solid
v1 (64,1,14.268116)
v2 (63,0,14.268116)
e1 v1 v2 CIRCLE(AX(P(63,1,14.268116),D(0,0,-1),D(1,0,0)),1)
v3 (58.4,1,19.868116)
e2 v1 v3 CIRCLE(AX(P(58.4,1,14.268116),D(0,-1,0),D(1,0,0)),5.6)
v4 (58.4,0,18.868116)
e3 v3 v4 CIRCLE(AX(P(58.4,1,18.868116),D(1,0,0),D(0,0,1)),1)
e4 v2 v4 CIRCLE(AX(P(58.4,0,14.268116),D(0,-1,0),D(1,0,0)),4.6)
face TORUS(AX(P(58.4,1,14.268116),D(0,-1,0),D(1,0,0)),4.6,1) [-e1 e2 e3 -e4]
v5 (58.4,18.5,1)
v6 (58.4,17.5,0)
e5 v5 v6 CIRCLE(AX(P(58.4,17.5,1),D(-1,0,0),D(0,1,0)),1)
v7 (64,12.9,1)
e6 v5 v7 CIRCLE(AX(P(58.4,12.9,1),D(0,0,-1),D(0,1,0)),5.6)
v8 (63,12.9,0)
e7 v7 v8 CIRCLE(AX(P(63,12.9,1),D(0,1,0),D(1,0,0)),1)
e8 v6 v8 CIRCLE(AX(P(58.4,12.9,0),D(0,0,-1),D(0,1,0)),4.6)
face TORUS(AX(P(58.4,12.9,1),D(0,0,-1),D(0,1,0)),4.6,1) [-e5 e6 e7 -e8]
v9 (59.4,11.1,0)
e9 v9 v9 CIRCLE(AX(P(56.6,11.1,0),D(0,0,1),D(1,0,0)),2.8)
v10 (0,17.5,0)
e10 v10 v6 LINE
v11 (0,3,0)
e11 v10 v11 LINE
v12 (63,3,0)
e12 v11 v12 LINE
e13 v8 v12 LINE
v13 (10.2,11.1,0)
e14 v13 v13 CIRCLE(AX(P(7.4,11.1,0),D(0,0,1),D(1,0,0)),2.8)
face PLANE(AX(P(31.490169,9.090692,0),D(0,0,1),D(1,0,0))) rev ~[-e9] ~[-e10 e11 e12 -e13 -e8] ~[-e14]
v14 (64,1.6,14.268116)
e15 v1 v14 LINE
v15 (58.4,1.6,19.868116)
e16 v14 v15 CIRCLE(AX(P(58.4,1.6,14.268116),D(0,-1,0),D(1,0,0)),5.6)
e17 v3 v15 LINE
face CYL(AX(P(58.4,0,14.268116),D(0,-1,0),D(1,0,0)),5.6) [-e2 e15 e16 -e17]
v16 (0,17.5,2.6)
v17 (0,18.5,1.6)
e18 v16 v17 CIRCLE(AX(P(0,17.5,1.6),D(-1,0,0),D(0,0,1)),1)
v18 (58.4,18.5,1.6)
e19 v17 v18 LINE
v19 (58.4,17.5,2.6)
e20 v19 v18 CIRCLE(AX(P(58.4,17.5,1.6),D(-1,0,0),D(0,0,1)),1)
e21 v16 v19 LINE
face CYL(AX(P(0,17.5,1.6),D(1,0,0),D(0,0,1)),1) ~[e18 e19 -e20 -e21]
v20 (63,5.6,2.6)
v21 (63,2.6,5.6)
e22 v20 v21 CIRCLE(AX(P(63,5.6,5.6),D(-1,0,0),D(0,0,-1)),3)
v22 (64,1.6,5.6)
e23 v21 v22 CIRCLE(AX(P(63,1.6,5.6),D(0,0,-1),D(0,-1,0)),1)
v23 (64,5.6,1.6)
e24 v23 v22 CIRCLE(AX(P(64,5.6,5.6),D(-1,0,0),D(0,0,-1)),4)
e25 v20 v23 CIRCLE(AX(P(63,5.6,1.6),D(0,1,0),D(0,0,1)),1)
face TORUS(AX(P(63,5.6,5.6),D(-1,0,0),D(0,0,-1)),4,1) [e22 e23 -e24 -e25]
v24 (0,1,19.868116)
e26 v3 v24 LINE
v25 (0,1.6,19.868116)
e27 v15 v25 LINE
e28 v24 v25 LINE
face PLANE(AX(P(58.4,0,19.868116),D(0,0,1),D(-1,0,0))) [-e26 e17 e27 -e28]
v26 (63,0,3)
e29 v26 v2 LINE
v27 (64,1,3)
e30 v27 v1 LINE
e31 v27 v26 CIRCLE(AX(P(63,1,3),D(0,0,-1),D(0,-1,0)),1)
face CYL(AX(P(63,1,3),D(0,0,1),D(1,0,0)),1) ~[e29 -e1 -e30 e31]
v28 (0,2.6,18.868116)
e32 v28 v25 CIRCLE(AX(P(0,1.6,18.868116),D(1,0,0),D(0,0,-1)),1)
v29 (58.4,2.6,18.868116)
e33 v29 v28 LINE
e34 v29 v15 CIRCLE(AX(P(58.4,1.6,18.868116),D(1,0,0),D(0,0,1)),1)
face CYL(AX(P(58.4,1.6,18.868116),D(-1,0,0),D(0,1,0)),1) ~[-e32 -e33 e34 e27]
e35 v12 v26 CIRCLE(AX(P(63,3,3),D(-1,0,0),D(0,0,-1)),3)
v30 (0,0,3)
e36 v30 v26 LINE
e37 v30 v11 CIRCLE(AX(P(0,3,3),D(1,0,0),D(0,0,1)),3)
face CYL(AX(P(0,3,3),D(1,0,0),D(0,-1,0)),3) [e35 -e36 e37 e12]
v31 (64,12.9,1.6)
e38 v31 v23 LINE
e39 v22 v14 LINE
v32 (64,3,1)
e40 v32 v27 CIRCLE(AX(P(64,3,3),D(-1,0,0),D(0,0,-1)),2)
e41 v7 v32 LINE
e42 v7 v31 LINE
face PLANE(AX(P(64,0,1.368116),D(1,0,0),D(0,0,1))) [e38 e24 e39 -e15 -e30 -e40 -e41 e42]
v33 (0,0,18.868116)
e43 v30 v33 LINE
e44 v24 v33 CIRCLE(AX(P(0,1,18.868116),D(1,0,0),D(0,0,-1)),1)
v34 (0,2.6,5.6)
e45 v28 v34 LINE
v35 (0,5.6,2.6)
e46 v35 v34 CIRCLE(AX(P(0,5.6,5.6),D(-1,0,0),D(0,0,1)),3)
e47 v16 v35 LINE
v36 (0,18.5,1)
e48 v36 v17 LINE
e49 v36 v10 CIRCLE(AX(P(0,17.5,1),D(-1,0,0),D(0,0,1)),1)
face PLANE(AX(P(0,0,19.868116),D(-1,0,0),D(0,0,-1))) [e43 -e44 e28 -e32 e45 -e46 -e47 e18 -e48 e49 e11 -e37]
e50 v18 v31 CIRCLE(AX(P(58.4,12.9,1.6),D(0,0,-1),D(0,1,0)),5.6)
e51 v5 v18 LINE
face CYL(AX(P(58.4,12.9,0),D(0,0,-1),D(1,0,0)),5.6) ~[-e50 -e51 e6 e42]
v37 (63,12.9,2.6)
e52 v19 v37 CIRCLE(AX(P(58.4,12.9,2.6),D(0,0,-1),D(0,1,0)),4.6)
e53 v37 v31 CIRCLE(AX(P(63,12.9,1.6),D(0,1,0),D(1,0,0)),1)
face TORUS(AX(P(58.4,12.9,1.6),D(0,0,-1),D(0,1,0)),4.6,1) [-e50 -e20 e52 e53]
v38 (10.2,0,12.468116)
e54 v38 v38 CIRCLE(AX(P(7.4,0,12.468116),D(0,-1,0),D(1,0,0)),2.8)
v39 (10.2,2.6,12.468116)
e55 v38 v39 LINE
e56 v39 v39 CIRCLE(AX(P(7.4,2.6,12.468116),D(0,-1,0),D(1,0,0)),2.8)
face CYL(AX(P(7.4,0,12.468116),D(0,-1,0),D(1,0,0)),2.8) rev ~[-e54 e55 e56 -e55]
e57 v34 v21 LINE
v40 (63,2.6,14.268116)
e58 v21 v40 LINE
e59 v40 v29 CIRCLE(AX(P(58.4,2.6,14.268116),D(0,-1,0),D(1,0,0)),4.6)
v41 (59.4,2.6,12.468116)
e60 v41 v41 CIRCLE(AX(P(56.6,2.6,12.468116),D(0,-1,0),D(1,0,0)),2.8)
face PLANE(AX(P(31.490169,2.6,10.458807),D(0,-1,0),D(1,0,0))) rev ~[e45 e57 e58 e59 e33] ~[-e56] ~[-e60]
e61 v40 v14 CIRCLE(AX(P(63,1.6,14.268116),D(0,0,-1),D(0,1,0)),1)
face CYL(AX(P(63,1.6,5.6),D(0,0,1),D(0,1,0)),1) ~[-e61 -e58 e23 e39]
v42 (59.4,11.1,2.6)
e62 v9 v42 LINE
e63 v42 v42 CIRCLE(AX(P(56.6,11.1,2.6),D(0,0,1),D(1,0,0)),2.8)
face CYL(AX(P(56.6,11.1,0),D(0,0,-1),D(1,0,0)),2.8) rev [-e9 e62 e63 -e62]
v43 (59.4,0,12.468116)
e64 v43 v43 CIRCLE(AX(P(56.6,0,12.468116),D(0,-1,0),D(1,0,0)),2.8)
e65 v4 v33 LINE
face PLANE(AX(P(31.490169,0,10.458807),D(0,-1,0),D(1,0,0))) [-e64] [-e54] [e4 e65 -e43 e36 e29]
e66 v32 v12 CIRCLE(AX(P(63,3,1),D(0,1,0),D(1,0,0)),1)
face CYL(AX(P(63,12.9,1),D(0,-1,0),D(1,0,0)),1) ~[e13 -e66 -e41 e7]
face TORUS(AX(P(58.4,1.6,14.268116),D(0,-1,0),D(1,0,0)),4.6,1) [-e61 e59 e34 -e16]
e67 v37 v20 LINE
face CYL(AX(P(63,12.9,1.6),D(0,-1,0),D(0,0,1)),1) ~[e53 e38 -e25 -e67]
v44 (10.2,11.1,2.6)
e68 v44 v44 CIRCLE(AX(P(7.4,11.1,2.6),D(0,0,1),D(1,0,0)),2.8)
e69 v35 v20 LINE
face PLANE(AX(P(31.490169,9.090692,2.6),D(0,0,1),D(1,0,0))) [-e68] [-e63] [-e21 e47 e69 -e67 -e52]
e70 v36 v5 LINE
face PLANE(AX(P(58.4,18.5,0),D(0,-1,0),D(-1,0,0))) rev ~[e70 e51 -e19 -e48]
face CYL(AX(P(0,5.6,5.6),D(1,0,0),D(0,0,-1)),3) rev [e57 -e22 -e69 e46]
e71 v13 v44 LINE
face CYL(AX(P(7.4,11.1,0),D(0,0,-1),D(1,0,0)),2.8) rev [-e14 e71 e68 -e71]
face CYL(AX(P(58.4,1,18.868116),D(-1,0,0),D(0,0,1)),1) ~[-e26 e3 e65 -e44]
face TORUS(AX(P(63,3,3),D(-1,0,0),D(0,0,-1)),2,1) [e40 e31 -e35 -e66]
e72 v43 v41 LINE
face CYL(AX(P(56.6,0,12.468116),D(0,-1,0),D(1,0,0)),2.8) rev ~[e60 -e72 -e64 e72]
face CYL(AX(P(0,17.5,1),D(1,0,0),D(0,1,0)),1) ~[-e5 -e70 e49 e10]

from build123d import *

# Parameters (mm, degrees)
F0_R     = 2.8
F1_DEPTH = 2.6
F2_R     = 2.8
F3_DEPTH = 2.6
F4_R     = 3
F5_R     = 1


with BuildPart() as f1:
    # F0 (on Top) → F1 (new body)
    with BuildSketch(Plane.XY):
        with BuildLine():
            Line((0, 18.5), (0, 0))
            Line((0, 0), (64, 0))
            Line((64, 0), (64, 12.9))
            ThreePointArc((64, 12.9), (62.3597979746, 16.8597979746), (58.4, 18.5))
            Line((58.4, 18.5), (0, 18.5))
        make_face()
        with Locations((7.4, 11.1)):
            Circle(F0_R, mode=Mode.SUBTRACT)
        with Locations((56.6, 11.1)):
            Circle(F0_R, mode=Mode.SUBTRACT)
    extrude(amount=F1_DEPTH)

    # F2 (on Front) → F3 (join)
    with BuildSketch(Plane.XZ):
        with BuildLine():
            Line((0, 19.8681156561), (0, 1.3681156561))
            Line((0, 1.3681156561), (64, 1.3681156561))
            Line((64, 1.3681156561), (64, 14.2681156561))
            ThreePointArc((64, 14.2681156561), (62.3597979746, 18.2279136307), (58.4, 19.8681156561))
            Line((58.4, 19.8681156561), (0, 19.8681156561))
        make_face()
        with Locations((7.4, 12.4681156561)):
            Circle(F2_R, mode=Mode.SUBTRACT)
        with Locations((56.6, 12.4681156561)):
            Circle(F2_R, mode=Mode.SUBTRACT)
    extrude(amount=-F3_DEPTH)

    # F4
    f4_edges = [f1.edges().sort_by_distance(p)[0] for p in [
        (32, 0, 0),
        (32, 2.6, 2.6),
    ]]
    fillet(f4_edges, radius=F4_R)

    # F5
    f5_edges = [f1.edges().sort_by_distance(p)[0] for p in [
        (29.2, 2.6, 19.868116),
        (29.2, 0, 19.868116),
        (29.2, 18.5, 2.6),
        (29.2, 18.5, 0),
        (64, 0, 8.634058),
        (64, 0.87868, 0.87868),
        (64, 7.95, 0),
        (64, 9.25, 2.6),
        (64, 2.6, 9.934058),
        (62.359798, 2.6, 18.227914),
        (62.359798, 0, 18.227914),
        (62.359798, 16.859798, 2.6),
        (62.359798, 16.859798, 0),
    ]]
    fillet(f5_edges, radius=F5_R)


solid = f1.part
